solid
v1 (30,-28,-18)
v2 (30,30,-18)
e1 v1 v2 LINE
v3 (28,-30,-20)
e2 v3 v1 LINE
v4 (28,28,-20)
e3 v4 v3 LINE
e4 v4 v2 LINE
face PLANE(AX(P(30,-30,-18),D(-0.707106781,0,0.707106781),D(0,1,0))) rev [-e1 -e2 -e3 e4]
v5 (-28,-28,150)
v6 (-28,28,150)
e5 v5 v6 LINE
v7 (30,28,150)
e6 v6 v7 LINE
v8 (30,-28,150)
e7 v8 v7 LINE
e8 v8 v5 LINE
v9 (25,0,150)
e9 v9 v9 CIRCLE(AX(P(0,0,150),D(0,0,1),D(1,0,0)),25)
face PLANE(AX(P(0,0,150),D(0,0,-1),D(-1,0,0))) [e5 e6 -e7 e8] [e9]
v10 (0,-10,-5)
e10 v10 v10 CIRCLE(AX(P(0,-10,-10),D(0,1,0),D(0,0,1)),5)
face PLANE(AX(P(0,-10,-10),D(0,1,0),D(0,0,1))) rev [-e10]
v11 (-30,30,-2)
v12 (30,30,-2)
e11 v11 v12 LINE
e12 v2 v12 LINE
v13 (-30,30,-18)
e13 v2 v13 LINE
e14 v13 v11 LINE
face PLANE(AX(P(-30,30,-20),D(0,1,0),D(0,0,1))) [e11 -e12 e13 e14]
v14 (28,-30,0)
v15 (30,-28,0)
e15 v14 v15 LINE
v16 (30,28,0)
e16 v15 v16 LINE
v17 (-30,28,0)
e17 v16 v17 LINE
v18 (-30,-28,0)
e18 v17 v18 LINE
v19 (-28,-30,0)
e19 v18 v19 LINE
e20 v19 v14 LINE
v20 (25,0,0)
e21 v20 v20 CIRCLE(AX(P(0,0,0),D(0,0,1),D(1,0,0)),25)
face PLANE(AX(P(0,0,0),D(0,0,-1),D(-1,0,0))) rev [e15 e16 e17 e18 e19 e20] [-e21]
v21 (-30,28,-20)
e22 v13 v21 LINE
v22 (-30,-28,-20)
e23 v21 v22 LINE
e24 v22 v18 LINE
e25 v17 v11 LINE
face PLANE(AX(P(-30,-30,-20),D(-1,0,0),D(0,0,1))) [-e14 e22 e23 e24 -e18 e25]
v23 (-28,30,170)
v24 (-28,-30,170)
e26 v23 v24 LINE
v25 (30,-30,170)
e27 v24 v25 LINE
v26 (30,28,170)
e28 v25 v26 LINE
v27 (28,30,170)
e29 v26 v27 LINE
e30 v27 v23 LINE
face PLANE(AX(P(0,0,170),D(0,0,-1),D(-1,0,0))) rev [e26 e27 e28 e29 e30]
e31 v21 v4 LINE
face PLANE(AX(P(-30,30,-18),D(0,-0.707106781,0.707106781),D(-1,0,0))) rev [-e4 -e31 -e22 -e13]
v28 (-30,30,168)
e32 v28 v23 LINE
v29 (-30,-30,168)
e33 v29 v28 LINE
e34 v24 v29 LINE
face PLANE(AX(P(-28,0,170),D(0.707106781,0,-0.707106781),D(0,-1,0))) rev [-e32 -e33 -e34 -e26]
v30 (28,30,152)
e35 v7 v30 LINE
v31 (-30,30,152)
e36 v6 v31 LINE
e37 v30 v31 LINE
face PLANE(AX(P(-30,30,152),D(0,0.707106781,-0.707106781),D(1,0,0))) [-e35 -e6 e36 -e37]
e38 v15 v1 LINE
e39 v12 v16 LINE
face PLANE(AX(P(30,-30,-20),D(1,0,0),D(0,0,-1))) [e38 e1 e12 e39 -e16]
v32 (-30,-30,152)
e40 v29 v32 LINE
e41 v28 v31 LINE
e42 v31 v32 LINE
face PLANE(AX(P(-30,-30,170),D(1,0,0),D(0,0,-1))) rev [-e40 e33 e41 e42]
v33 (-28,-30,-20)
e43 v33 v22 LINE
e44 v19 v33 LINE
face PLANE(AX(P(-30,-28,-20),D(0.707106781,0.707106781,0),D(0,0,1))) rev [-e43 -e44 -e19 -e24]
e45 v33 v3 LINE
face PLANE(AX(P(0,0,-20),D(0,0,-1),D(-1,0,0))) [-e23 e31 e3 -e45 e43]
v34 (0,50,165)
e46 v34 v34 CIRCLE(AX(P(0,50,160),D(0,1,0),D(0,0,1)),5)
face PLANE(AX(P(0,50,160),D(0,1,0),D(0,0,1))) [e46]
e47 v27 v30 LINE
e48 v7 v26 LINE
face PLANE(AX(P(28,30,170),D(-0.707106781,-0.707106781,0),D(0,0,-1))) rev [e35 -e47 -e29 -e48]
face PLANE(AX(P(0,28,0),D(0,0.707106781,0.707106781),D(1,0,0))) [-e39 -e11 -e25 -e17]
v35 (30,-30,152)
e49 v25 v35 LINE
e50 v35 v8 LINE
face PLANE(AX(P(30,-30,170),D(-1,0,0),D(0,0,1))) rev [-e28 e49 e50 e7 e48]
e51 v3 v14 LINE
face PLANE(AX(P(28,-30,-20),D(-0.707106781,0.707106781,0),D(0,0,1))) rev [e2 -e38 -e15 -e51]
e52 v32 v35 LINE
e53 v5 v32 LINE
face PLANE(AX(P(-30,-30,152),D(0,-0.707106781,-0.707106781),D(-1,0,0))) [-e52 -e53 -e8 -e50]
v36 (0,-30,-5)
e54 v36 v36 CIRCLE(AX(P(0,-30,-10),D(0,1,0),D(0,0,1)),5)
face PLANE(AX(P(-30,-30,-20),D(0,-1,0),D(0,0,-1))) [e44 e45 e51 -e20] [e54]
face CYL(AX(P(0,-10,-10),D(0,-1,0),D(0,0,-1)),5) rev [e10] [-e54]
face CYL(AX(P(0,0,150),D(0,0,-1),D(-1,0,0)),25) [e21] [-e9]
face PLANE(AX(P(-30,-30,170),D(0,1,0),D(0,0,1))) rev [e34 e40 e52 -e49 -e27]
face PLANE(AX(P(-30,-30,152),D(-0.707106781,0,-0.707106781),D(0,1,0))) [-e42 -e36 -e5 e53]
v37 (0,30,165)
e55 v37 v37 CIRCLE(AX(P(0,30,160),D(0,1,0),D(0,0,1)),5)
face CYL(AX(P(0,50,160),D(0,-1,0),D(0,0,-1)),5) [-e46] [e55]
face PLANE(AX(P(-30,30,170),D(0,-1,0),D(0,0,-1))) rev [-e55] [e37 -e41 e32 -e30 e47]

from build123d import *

# Parameters (mm, degrees)
SKETCH1_R            = 25
BOSS_EXTRUDE1_DEPTH  = 150
SKETCH2_W            = 60
SKETCH2_H            = 60
BOSS_EXTRUDE2_DEPTH  = 20
SKETCH3_W            = 60
SKETCH3_H            = 60
BOSS_EXTRUDE3_DEPTH  = 20
SKETCH4_R            = 5
CUT_EXTRUDE1_DEPTH   = 20
SKETCH5_R            = 5
BOSS_EXTRUDE4_DEPTH  = 20
CHAMFER1_SIZE        = 2
CHAMFER2_SIZE        = 2
SKETCH6_R            = 25
BOSS_EXTRUDE5_DEPTH  = 150
SKETCH7_W            = 60
SKETCH7_H            = 60
BOSS_EXTRUDE6_DEPTH  = 20
SKETCH8_W            = 60
SKETCH8_H            = 60
BOSS_EXTRUDE7_DEPTH  = 20
SKETCH9_R            = 5
CUT_EXTRUDE2_DEPTH   = 20
SKETCH10_R           = 5
BOSS_EXTRUDE8_DEPTH  = 20
CHAMFER3_SIZE        = 2
CHAMFER4_SIZE        = 2
SKETCH11_R           = 25
BOSS_EXTRUDE9_DEPTH  = 150
SKETCH12_W           = 60
SKETCH12_H           = 60
BOSS_EXTRUDE10_DEPTH = 20
SKETCH13_W           = 60
SKETCH13_H           = 60
BOSS_EXTRUDE11_DEPTH = 20
SKETCH14_R           = 5
CUT_EXTRUDE3_DEPTH   = 20
SKETCH15_R           = 5
BOSS_EXTRUDE12_DEPTH = 20
CHAMFER5_SIZE        = 2
CHAMFER6_SIZE        = 2


with BuildPart() as part:
    # Sketch1 → Boss-Extrude1 (new body)
    with BuildSketch(Plane.XY):
        Circle(SKETCH1_R)
    extrude(amount=BOSS_EXTRUDE1_DEPTH)

    # Sketch2 → Boss-Extrude2 (add)
    with BuildSketch(Plane.XY):
        Rectangle(SKETCH2_W, SKETCH2_H)
    extrude(amount=-BOSS_EXTRUDE2_DEPTH)

    # Sketch3 → Boss-Extrude3 (add)
    with BuildSketch(Plane.XY.offset(150)):
        Rectangle(SKETCH3_W, SKETCH3_H)
    extrude(amount=BOSS_EXTRUDE3_DEPTH)

    # Sketch4 → Cut-Extrude1 (cut)
    with BuildSketch(Plane(origin=(0, -30, 0), x_dir=(1, 0, 0), z_dir=(0, 1, 0))):
        with Locations((0, 10)):
            Circle(SKETCH4_R)
    extrude(amount=CUT_EXTRUDE1_DEPTH, mode=Mode.SUBTRACT)

    # Sketch5 → Boss-Extrude4 (add)
    with BuildSketch(Plane(origin=(0, 30, 0), x_dir=(1, 0, 0), z_dir=(0, 1, 0))):
        with Locations((0, -160)):
            Circle(SKETCH5_R)
    extrude(amount=BOSS_EXTRUDE4_DEPTH)

    # Chamfer1
    chamfer1_edges = [part.edges().sort_by_distance(p)[0] for p in [
        (-30, -30, -10),
        (-30, 30, -10),
        (30, -30, -10),
        (30, 0, -20),
    ]]
    chamfer(chamfer1_edges, length=CHAMFER1_SIZE)

    # Chamfer2
    chamfer2_edges = [part.edges().sort_by_distance(p)[0] for p in [
        (30, 30, 160),
        (0, -30, 150),
        (-30, 0, 170),
        (-30, 30, 160),
    ]]
    chamfer(chamfer2_edges, length=CHAMFER2_SIZE)

    # Sketch6 → Boss-Extrude5 (add)
    with BuildSketch(Plane.XY):
        Circle(SKETCH6_R)
    extrude(amount=BOSS_EXTRUDE5_DEPTH)

    # Sketch7 → Boss-Extrude6 (add)
    with BuildSketch(Plane.XY):
        Rectangle(SKETCH7_W, SKETCH7_H)
    extrude(amount=-BOSS_EXTRUDE6_DEPTH)

    # Sketch8 → Boss-Extrude7 (add)
    with BuildSketch(Plane.XY.offset(150)):
        Rectangle(SKETCH8_W, SKETCH8_H)
    extrude(amount=BOSS_EXTRUDE7_DEPTH)

    # Sketch9 → Cut-Extrude2 (cut)
    with BuildSketch(Plane(origin=(0, -30, 0), x_dir=(1, 0, 0), z_dir=(0, 1, 0))):
        with Locations((0, 10)):
            Circle(SKETCH9_R)
    extrude(amount=CUT_EXTRUDE2_DEPTH, mode=Mode.SUBTRACT)

    # Sketch10 → Boss-Extrude8 (add)
    with BuildSketch(Plane(origin=(0, 30, 0), x_dir=(1, 0, 0), z_dir=(0, 1, 0))):
        with Locations((0, -160)):
            Circle(SKETCH10_R)
    extrude(amount=BOSS_EXTRUDE8_DEPTH)

    # Chamfer3
    chamfer3_edges = [part.edges().sort_by_distance(p)[0] for p in [
        (30, -30, -10),
        (-30, 0, -20),
        (0, -30, -20),
        (30, 0, -20),
        (-30, 0, 0),
    ]]
    chamfer(chamfer3_edges, length=CHAMFER3_SIZE)

    # Chamfer4
    chamfer4_edges = [part.edges().sort_by_distance(p)[0] for p in [
        (0, 30, 170),
        (30, 30, 160),
        (0, -30, 150),
        (-30, 0, 150),
    ]]
    chamfer(chamfer4_edges, length=CHAMFER4_SIZE)

    # Sketch11 → Boss-Extrude9 (add)
    with BuildSketch(Plane.XY):
        Circle(SKETCH11_R)
    extrude(amount=BOSS_EXTRUDE9_DEPTH)

    # Sketch12 → Boss-Extrude10 (add)
    with BuildSketch(Plane.XY):
        Rectangle(SKETCH12_W, SKETCH12_H)
    extrude(amount=-BOSS_EXTRUDE10_DEPTH)

    # Sketch13 → Boss-Extrude11 (add)
    with BuildSketch(Plane.XY.offset(150)):
        Rectangle(SKETCH13_W, SKETCH13_H)
    extrude(amount=BOSS_EXTRUDE11_DEPTH)

    # Sketch14 → Cut-Extrude3 (cut)
    with BuildSketch(Plane(origin=(0, -30, 0), x_dir=(1, 0, 0), z_dir=(0, 1, 0))):
        with Locations((0, 10)):
            Circle(SKETCH14_R)
    extrude(amount=CUT_EXTRUDE3_DEPTH, mode=Mode.SUBTRACT)

    # Sketch15 → Boss-Extrude12 (add)
    with BuildSketch(Plane(origin=(0, 30, 0), x_dir=(1, 0, 0), z_dir=(0, 1, 0))):
        with Locations((0, -160)):
            Circle(SKETCH15_R)
    extrude(amount=BOSS_EXTRUDE12_DEPTH)

    # Chamfer5
    chamfer5_edges = [part.edges().sort_by_distance(p)[0] for p in [
        (-30, -30, -10),
        (30, -30, -10),
        (0, 30, -20),
        (30, 0, -20),
        (0, 30, 0),
    ]]
    chamfer(chamfer5_edges, length=CHAMFER5_SIZE)

    # Chamfer6
    chamfer6_edges = [part.edges().sort_by_distance(p)[0] for p in [
        (-30, 0, 170),
        (30, 30, 160),
        (0, -30, 150),
        (-30, 0, 150),
        (0, 30, 150),
    ]]
    chamfer(chamfer6_edges, length=CHAMFER6_SIZE)


solid = part.part
